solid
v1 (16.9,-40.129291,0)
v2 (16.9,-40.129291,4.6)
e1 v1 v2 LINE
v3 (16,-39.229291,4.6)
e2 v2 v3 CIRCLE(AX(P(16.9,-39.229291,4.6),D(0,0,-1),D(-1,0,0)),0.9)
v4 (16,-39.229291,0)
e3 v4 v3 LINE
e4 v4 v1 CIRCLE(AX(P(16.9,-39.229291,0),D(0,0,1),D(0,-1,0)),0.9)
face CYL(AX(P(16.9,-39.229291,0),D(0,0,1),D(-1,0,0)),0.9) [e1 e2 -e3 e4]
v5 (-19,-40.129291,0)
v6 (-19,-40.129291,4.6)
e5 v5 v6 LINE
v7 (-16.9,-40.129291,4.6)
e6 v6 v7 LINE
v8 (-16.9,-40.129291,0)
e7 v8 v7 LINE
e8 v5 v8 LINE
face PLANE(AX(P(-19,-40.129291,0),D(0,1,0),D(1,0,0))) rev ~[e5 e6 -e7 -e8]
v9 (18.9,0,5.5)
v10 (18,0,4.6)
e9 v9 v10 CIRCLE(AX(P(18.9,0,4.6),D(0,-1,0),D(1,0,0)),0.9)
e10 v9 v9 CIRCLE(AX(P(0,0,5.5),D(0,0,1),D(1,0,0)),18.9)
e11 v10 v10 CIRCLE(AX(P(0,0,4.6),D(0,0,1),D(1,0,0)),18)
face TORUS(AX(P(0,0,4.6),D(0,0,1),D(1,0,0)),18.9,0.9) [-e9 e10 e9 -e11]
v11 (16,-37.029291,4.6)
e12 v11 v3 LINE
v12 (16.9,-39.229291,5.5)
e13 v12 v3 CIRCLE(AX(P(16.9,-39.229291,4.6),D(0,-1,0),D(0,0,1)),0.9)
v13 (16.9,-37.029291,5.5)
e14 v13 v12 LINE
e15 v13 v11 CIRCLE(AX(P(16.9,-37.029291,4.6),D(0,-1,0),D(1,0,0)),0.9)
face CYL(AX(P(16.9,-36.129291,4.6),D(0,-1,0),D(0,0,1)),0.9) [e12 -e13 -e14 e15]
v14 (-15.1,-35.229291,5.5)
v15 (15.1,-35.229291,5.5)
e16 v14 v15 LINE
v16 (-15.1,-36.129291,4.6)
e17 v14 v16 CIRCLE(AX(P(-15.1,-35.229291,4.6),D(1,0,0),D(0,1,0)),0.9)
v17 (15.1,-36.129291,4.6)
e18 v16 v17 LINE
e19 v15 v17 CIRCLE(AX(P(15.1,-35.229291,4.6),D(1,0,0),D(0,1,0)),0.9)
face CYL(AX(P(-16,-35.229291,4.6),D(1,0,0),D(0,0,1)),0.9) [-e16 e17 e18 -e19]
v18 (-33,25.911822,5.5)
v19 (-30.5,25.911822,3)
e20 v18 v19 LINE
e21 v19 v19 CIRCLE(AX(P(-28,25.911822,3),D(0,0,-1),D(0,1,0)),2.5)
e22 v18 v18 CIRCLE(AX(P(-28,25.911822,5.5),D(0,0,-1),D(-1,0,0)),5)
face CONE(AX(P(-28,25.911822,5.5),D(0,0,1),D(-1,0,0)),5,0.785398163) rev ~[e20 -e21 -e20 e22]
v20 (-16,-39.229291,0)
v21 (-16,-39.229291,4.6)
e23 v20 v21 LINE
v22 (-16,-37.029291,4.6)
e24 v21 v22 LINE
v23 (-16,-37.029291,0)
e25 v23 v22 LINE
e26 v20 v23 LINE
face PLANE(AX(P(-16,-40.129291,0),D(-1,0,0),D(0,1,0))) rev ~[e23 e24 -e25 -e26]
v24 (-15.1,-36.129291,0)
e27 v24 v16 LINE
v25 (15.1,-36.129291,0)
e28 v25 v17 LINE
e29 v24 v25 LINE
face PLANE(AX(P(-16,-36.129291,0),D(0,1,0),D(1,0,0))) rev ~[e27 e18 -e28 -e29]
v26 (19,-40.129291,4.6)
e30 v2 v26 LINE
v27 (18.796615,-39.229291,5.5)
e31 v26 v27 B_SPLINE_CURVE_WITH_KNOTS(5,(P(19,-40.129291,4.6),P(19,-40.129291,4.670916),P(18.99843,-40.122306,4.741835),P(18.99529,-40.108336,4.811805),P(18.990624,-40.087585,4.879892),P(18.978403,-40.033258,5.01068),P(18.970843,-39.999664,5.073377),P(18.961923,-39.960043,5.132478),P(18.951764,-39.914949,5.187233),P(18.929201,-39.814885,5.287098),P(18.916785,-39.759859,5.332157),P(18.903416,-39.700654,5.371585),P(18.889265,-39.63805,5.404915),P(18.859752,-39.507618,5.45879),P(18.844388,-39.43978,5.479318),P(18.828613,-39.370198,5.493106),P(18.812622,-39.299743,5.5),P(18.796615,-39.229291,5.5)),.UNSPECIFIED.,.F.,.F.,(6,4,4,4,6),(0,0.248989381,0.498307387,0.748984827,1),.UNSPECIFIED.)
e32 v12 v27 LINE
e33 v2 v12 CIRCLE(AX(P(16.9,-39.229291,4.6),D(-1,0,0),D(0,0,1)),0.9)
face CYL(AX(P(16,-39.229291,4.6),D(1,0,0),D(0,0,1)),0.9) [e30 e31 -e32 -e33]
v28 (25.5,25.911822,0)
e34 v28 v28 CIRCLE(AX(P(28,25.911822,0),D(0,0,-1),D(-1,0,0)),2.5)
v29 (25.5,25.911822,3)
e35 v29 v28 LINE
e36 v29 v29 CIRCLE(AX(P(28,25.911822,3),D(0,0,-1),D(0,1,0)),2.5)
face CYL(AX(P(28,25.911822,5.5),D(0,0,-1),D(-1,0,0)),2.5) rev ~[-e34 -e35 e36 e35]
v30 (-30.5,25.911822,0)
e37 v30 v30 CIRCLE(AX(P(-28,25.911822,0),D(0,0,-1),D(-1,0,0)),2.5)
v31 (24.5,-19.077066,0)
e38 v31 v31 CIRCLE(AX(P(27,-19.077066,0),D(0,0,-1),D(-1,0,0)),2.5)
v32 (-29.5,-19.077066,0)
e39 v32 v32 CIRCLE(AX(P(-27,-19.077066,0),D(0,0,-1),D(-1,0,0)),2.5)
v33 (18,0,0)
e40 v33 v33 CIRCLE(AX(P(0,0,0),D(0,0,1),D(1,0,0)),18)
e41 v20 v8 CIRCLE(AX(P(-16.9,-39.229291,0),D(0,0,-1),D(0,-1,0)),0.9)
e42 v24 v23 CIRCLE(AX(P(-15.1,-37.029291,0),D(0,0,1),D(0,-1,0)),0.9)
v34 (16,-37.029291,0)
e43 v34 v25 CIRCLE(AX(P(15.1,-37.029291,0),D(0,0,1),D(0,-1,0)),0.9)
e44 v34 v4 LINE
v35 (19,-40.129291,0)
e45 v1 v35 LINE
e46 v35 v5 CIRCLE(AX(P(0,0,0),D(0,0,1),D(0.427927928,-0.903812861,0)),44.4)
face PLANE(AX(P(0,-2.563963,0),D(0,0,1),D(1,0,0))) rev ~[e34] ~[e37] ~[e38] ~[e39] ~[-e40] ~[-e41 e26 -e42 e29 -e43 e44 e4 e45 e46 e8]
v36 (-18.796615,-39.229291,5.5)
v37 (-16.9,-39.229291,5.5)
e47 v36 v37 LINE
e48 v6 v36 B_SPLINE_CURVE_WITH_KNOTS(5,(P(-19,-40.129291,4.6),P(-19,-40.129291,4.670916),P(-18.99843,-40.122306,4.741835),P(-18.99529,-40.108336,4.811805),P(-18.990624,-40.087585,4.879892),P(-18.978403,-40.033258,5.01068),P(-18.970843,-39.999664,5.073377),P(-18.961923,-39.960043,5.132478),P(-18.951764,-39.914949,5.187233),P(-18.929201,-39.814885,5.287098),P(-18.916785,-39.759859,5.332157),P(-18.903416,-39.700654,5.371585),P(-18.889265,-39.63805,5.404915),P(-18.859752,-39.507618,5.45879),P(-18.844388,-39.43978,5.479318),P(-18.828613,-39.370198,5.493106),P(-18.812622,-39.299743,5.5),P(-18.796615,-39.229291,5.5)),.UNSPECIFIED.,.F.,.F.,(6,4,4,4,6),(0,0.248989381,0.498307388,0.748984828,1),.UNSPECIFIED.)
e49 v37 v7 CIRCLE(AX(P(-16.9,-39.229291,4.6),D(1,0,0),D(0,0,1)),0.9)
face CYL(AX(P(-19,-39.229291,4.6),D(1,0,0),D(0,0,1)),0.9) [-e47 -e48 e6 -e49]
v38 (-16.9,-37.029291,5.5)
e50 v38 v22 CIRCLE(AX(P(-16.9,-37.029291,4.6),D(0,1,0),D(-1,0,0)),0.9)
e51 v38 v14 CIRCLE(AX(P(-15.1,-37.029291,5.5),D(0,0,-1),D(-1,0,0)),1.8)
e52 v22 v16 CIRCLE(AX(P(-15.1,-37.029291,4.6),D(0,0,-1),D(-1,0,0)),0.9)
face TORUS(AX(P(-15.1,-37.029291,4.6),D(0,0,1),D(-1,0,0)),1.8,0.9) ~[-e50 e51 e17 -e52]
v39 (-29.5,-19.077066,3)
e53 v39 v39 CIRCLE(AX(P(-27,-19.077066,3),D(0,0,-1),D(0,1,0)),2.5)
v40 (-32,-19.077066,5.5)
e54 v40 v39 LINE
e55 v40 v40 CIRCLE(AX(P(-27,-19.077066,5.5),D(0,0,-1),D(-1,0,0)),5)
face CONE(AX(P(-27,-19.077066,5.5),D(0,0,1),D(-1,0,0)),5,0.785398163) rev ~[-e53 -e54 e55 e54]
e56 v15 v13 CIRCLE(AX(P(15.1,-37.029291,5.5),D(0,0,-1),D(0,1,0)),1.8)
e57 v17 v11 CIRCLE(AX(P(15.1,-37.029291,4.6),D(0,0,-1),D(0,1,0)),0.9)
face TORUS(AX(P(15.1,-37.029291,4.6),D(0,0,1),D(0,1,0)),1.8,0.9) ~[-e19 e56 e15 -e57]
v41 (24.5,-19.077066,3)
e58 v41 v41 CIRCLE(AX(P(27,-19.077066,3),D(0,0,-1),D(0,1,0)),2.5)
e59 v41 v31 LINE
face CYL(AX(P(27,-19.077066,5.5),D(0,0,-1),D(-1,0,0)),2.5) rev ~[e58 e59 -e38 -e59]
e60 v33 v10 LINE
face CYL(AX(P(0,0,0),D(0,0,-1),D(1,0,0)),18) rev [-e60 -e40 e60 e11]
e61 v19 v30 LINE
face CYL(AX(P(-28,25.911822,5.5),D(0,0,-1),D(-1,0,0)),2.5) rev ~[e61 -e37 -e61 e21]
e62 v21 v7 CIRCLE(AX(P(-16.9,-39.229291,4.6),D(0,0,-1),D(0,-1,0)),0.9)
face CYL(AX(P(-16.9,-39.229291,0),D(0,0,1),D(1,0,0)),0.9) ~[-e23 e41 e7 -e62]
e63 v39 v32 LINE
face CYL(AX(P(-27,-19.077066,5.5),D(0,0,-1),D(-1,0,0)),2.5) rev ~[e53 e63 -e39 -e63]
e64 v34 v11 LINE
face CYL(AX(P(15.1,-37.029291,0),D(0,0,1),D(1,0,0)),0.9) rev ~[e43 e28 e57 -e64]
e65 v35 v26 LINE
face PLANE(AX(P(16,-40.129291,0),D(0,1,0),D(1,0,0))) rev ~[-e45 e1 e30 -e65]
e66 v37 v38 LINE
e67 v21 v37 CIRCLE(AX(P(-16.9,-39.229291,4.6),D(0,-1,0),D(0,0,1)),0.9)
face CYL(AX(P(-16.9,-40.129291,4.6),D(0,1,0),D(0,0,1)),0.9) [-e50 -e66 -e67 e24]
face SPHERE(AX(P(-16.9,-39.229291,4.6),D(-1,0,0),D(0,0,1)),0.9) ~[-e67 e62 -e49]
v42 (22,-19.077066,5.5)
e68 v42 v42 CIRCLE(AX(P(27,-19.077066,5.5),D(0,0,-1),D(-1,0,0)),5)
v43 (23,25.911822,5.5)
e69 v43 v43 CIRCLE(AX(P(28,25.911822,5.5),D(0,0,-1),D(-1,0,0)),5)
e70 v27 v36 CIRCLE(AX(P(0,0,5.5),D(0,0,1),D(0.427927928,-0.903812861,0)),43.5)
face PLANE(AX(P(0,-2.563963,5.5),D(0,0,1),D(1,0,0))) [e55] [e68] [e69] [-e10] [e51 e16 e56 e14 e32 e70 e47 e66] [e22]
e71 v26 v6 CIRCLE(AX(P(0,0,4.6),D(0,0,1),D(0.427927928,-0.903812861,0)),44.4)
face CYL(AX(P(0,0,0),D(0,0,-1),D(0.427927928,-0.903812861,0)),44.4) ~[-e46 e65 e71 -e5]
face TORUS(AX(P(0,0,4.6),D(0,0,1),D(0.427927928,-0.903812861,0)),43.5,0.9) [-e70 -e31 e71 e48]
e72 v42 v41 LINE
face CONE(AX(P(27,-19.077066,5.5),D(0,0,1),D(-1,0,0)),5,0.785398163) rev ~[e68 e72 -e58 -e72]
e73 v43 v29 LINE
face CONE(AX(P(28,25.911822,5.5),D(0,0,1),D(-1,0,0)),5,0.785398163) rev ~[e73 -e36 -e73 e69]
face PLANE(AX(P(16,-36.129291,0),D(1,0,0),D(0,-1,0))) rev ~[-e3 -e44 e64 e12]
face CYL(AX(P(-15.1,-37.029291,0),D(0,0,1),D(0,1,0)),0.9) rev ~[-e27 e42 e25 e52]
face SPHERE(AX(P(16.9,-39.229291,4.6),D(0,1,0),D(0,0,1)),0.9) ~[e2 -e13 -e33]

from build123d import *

# Parameters (mm, degrees)
SKETCH_R         = 18
PAD_DEPTH        = 5.5
HOLE_D           = 5
HOLE_CSINK_D     = 10
HOLE_CSINK_ANGLE = 90
FILLET_R         = 0.9


with BuildPart() as part:
    # Sketch → Pad (new body)
    with BuildSketch(Plane.XY):
        with BuildLine():
            ThreePointArc((19, -40.129291), (0, 44.4), (-19, -40.129291))
            Line((-19, -40.129291), (-16, -40.129291))
            Line((-16, -40.129291), (-16, -36.129291))
            Line((-16, -36.129291), (16, -36.129291))
            Line((16, -36.129291), (16, -40.129291))
            Line((16, -40.129291), (19, -40.129291))
        make_face()
        Circle(SKETCH_R, mode=Mode.SUBTRACT)
    extrude(amount=PAD_DEPTH)

    # Hole (through all)
    with Locations(Plane.XY.offset(5.5)):
        with Locations((28, 25.911822), (-28, 25.911822), (-27, -19.077066), (27, -19.077066)):
            CounterSinkHole(HOLE_D / 2, HOLE_CSINK_D / 2, counter_sink_angle=HOLE_CSINK_ANGLE)

    # Fillet
    fillet_edges = [part.edges().sort_by_distance(p)[0] for p in [
        (0, 44.4, 5.5),
        (-18, 0, 5.5),
        (-17.5, -40.129291, 5.5),
        (-16, -38.129291, 5.5),
        (0, -36.129291, 5.5),
        (16, -38.129291, 5.5),
        (17.5, -40.129291, 5.5),
        (-16, -40.129291, 2.75),
        (16, -40.129291, 2.75),
        (-16, -36.129291, 2.75),
        (16, -36.129291, 2.75),
    ]]
    fillet(fillet_edges, radius=FILLET_R)


solid = part.part
